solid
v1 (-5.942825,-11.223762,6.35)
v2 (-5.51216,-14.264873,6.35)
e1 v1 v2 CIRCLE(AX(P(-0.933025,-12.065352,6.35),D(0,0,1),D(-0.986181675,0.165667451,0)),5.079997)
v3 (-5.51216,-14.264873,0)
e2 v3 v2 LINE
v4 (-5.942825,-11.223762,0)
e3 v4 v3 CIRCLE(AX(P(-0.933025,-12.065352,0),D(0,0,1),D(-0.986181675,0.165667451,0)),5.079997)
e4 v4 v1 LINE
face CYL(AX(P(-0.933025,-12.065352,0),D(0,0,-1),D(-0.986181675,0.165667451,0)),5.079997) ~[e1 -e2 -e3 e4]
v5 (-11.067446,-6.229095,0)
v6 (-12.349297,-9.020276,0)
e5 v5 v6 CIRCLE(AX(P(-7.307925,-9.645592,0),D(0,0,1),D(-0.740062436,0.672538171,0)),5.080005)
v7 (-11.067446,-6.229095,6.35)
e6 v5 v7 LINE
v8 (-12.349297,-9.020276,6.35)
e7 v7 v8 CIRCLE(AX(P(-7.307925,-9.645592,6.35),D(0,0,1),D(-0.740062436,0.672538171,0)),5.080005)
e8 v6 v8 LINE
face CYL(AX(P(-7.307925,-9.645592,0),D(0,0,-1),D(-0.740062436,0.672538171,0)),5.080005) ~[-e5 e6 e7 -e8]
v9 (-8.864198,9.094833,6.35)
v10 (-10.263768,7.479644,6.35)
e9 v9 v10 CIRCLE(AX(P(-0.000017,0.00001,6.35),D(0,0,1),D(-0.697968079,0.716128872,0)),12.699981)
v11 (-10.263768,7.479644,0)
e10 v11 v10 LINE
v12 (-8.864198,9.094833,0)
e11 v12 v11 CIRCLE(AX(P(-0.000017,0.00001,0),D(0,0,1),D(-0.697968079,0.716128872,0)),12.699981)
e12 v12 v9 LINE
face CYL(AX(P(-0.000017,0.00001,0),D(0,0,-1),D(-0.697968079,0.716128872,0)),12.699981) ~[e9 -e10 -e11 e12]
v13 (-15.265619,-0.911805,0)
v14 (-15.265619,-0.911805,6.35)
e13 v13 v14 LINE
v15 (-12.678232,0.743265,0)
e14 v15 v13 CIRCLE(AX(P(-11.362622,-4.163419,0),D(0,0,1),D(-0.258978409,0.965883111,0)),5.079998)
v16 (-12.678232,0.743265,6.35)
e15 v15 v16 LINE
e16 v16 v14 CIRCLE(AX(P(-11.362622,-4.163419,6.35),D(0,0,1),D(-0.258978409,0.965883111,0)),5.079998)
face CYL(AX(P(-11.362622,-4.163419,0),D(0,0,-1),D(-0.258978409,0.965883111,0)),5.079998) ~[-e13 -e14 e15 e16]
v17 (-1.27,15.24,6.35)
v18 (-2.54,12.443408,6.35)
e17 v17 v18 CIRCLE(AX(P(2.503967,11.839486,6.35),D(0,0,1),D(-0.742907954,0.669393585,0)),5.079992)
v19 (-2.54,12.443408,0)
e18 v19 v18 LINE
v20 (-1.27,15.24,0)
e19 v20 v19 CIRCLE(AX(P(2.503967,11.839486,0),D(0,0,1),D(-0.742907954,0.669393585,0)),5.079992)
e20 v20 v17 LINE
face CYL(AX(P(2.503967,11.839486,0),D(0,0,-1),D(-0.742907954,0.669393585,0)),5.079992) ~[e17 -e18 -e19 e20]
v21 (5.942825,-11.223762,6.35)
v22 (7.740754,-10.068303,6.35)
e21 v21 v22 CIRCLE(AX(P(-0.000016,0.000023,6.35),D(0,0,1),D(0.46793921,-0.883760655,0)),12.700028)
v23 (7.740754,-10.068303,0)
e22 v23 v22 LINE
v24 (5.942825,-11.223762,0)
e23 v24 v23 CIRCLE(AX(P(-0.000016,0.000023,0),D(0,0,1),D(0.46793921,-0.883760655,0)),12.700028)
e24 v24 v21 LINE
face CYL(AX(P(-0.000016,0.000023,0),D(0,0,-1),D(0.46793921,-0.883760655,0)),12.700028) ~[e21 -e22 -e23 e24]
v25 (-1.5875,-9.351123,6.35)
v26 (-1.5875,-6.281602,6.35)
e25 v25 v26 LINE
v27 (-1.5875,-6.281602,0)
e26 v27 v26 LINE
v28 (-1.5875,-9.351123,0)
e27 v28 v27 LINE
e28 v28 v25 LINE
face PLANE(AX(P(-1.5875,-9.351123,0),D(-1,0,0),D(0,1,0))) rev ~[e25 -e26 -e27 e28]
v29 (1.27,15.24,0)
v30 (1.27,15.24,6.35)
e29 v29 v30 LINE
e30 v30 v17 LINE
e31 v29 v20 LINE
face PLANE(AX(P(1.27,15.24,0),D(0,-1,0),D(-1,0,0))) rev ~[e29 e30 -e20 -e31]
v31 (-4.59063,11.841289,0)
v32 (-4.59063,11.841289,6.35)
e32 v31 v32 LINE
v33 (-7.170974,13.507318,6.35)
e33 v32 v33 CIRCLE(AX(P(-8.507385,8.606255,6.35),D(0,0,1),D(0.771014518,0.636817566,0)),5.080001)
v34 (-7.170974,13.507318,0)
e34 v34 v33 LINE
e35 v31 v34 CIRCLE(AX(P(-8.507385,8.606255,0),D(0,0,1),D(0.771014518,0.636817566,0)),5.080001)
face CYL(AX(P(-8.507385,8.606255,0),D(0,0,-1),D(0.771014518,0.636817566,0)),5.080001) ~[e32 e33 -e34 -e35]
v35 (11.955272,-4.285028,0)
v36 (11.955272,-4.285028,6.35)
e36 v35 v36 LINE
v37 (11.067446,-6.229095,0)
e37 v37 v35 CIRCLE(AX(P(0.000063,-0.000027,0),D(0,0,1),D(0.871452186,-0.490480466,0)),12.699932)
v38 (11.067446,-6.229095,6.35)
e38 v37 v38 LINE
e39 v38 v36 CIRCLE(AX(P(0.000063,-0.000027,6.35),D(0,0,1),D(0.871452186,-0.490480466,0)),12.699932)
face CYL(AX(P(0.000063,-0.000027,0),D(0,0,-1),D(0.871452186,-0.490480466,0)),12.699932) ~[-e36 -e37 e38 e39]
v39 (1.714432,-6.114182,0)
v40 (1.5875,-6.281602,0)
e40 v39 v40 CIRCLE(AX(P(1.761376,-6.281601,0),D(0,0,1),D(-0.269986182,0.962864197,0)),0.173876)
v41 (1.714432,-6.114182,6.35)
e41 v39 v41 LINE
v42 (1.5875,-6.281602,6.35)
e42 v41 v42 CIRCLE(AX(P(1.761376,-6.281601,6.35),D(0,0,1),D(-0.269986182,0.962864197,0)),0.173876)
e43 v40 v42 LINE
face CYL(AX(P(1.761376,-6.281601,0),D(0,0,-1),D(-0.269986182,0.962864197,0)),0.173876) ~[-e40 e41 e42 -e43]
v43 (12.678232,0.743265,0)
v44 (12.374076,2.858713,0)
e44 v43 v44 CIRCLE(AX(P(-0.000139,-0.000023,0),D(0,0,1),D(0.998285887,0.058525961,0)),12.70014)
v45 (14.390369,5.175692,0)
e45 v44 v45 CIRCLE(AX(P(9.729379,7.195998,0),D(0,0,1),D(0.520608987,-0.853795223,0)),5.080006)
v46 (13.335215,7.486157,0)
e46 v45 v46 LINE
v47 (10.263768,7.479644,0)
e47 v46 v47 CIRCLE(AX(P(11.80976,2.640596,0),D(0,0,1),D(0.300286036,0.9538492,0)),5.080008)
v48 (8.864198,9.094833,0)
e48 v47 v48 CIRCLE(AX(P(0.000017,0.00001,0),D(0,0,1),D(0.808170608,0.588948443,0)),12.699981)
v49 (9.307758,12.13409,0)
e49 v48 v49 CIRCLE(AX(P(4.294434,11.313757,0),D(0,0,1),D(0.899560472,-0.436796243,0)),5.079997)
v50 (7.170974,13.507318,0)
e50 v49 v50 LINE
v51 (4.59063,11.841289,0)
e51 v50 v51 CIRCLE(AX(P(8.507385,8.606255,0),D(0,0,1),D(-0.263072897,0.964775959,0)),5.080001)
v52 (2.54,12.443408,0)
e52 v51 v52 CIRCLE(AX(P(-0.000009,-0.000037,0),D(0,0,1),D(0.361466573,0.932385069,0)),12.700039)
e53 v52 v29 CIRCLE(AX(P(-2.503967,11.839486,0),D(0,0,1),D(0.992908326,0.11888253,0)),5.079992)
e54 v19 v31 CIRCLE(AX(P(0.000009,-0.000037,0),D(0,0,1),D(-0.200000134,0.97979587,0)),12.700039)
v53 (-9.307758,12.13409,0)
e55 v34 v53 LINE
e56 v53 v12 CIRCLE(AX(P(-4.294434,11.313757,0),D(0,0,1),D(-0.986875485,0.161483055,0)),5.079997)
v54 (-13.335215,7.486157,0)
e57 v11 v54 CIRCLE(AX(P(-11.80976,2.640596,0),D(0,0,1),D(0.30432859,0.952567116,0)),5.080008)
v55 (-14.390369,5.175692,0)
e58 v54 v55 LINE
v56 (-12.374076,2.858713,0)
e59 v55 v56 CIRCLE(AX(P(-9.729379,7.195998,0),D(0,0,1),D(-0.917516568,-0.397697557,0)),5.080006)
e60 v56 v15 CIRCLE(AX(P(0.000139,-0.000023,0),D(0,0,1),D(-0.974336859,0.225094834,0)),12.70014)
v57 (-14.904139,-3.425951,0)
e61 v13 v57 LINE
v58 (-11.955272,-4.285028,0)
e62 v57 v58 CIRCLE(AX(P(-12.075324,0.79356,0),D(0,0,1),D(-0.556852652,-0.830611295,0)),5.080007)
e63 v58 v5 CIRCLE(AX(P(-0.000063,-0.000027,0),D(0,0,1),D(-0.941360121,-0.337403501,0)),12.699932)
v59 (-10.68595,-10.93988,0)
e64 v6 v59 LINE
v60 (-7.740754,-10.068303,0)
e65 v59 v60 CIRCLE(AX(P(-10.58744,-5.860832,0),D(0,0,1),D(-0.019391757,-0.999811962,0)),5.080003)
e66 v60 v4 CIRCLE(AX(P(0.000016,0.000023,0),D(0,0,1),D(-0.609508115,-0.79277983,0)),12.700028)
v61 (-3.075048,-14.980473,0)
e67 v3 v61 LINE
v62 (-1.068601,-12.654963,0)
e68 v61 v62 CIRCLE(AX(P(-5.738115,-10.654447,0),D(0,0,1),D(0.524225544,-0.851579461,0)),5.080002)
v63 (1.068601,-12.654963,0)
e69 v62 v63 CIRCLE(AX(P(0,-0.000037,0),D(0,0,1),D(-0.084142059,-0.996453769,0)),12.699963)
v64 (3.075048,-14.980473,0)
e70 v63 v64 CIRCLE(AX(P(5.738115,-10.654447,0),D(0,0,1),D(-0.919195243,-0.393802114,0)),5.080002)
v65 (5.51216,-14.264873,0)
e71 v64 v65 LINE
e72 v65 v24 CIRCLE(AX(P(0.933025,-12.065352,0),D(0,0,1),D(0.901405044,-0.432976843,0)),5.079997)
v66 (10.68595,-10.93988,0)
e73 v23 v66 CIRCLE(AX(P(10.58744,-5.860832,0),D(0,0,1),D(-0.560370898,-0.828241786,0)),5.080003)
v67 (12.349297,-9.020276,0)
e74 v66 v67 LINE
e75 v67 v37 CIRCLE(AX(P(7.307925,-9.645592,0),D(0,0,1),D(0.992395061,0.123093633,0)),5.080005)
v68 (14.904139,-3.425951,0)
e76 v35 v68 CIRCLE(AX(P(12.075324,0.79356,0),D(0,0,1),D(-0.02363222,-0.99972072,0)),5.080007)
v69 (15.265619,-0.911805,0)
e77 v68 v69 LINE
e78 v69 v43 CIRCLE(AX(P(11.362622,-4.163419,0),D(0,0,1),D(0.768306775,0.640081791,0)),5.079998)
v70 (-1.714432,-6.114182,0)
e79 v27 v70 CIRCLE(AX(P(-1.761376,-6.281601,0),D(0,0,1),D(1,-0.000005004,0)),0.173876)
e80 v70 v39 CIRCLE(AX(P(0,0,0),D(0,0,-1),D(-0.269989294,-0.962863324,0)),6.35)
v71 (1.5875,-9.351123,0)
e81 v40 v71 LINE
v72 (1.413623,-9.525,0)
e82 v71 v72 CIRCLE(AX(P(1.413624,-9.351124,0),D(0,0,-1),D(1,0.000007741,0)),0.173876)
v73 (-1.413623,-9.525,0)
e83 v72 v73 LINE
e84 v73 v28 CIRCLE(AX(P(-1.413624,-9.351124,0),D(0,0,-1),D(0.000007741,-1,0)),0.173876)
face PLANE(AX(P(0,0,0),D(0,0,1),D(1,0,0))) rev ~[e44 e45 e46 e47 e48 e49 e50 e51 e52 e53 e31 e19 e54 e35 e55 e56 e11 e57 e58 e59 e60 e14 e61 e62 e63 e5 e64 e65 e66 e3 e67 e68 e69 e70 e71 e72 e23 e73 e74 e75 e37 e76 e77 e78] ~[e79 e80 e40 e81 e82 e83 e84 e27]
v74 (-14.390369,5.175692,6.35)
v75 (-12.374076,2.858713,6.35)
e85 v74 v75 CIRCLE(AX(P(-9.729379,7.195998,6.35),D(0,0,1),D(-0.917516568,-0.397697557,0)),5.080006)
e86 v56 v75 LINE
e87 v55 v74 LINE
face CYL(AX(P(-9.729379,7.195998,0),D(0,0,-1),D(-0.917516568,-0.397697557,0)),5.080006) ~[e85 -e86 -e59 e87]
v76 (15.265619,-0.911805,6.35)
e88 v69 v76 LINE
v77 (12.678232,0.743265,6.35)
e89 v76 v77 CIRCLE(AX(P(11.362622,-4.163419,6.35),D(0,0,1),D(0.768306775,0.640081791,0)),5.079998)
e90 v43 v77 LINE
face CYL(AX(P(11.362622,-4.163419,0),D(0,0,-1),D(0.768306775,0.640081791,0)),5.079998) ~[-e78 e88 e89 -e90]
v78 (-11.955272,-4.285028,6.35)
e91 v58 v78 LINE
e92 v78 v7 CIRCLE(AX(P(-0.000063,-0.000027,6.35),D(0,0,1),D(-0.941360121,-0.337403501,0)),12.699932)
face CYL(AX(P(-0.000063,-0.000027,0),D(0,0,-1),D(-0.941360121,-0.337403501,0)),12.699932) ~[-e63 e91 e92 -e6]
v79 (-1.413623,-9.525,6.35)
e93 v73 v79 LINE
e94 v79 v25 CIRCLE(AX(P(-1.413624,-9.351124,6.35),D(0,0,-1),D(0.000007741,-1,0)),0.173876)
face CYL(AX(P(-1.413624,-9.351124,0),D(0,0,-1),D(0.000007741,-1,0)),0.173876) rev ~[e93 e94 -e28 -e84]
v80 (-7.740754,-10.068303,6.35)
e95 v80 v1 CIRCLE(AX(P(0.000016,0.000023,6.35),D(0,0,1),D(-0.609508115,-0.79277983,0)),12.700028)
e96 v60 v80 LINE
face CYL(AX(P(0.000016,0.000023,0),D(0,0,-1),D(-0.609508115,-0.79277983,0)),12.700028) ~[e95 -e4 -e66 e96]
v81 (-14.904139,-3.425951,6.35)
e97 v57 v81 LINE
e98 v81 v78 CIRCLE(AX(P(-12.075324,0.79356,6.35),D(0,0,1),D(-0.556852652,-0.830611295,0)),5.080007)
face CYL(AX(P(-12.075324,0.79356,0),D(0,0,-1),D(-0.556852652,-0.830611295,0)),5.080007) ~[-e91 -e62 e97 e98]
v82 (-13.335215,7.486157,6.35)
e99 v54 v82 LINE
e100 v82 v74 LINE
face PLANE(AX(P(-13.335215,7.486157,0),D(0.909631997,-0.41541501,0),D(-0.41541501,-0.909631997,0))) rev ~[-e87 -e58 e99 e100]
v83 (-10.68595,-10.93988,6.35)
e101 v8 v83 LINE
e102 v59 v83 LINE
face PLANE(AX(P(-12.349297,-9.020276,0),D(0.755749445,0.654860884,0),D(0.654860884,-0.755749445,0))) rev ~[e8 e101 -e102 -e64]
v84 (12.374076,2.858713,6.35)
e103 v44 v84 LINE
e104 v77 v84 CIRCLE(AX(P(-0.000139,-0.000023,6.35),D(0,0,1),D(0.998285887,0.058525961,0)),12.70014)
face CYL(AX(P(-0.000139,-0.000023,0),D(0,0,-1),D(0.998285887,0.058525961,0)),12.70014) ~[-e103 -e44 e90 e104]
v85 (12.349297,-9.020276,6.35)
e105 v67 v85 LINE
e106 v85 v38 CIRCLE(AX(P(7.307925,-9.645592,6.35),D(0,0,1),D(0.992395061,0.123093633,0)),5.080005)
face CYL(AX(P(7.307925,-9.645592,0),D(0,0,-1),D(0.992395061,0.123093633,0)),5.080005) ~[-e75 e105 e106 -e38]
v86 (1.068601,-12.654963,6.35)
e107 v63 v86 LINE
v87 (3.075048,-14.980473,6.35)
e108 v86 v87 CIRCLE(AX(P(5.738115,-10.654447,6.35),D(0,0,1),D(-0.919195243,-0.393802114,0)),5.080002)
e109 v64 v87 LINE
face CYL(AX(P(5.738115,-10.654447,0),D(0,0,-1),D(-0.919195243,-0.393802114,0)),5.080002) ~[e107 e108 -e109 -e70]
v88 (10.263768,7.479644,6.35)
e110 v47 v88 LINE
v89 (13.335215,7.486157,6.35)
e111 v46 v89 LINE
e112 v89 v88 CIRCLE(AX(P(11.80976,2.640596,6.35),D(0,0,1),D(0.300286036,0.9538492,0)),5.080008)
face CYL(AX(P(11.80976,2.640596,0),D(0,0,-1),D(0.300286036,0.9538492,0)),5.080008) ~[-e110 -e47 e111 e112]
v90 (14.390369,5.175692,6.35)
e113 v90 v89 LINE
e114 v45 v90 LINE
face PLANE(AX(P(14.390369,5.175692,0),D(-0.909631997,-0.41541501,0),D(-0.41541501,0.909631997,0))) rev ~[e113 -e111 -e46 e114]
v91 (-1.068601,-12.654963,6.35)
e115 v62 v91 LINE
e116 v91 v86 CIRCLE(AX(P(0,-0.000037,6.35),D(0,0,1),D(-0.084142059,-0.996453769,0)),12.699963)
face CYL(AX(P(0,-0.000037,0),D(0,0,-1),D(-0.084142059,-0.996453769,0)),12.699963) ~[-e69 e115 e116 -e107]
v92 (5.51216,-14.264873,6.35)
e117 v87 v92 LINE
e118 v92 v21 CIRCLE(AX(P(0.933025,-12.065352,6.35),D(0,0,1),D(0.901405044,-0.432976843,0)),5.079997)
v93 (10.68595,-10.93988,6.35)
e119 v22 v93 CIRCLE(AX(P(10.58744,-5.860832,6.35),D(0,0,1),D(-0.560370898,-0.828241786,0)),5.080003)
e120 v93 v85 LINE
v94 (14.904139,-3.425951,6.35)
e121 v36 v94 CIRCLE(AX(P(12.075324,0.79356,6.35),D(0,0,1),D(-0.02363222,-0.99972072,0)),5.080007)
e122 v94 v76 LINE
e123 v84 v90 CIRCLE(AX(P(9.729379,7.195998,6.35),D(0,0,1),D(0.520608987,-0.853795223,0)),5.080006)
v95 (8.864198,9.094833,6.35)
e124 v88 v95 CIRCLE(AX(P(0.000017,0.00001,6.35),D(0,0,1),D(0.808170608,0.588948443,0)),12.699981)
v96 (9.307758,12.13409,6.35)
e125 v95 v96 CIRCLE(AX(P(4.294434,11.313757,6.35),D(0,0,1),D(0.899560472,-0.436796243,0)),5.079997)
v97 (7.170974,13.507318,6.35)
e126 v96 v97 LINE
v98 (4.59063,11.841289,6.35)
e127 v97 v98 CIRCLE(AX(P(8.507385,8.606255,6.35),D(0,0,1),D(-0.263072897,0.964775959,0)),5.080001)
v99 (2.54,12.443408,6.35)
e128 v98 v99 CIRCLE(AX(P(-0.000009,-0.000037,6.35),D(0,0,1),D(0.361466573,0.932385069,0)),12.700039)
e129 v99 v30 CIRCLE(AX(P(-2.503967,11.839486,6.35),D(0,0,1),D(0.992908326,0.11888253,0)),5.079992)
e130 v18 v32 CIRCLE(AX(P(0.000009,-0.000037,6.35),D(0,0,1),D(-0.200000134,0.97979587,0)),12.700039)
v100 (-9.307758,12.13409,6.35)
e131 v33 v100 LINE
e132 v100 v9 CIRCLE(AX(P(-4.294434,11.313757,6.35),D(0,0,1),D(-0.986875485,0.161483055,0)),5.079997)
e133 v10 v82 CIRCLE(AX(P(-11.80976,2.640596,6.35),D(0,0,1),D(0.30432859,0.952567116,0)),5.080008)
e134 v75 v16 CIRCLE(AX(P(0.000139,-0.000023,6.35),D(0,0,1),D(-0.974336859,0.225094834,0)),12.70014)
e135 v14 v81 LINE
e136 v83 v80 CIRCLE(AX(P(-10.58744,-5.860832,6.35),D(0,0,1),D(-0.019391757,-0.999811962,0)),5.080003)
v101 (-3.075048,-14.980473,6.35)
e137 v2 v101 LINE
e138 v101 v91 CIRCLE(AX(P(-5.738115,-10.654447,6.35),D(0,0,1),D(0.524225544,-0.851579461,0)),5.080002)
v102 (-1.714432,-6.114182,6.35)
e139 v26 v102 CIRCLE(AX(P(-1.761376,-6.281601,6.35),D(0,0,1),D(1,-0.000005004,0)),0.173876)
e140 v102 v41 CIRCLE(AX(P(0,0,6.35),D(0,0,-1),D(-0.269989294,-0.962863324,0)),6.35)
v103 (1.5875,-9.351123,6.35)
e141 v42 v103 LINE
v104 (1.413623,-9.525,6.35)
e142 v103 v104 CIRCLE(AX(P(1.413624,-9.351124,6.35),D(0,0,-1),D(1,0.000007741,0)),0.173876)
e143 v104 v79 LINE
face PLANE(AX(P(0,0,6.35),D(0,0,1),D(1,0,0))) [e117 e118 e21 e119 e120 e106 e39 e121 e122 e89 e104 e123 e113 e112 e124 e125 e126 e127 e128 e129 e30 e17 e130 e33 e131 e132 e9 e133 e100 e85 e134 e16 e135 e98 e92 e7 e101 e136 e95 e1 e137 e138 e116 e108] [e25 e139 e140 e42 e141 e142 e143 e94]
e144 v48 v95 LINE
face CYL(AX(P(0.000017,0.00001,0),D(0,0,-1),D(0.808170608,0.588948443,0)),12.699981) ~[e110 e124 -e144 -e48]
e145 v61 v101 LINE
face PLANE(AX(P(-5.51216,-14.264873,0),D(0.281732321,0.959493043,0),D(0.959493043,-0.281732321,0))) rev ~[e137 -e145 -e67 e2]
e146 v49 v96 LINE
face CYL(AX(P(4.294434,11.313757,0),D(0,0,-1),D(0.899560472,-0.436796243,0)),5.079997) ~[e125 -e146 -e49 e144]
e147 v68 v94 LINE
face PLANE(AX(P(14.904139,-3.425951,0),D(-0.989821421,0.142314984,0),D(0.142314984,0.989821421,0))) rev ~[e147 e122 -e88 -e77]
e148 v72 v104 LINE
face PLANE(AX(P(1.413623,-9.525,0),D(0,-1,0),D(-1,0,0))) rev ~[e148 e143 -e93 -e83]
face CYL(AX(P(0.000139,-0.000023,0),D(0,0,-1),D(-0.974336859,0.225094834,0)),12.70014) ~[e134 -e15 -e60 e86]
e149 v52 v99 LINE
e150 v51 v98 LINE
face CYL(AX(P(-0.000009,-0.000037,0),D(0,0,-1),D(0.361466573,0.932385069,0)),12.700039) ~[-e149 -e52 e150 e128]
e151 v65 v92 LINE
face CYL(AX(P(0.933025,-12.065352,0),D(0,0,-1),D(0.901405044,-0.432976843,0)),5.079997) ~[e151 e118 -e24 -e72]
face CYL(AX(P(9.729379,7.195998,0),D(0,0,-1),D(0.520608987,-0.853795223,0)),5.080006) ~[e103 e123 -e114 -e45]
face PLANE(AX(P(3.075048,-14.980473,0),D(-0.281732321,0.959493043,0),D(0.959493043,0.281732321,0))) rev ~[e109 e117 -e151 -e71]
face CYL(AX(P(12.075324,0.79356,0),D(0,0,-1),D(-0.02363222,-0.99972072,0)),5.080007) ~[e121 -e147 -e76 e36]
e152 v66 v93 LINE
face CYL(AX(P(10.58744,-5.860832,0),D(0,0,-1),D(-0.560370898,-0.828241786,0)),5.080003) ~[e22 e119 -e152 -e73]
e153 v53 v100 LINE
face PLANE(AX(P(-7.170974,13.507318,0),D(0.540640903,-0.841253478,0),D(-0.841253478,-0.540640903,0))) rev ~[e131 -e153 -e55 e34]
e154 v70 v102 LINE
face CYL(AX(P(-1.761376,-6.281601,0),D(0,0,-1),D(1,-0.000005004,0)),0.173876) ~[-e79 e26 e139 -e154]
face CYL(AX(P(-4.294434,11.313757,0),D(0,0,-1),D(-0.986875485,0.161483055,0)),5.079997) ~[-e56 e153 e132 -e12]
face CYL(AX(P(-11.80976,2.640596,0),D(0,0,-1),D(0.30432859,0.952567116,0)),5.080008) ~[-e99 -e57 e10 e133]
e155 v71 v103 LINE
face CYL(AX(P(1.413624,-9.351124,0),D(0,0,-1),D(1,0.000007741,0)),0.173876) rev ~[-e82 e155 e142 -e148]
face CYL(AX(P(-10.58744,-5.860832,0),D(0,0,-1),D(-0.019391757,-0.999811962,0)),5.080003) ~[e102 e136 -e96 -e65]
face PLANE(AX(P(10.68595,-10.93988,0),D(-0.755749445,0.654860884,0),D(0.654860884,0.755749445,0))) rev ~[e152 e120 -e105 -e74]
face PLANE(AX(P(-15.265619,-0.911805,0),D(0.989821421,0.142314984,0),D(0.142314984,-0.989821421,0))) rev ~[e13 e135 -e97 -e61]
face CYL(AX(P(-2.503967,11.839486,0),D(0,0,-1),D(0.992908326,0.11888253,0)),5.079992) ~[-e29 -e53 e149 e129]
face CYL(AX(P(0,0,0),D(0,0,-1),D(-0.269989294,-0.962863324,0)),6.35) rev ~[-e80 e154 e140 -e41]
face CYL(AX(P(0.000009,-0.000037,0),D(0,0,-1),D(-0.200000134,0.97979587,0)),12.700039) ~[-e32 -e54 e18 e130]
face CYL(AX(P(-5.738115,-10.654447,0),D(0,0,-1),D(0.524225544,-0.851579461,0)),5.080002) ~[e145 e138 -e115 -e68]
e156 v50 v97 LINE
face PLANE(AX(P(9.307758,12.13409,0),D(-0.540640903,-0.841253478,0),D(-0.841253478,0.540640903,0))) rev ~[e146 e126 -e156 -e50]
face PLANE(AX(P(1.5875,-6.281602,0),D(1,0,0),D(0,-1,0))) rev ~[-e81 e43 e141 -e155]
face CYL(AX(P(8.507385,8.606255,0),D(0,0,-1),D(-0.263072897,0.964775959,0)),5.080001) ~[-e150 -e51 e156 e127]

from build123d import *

# Parameters (mm, degrees)
F1_DEPTH = 6.35


with BuildPart() as f1:
    # F0 (on Top) → F1 (new body)
    with BuildSketch(Plane.XY):
        with BuildLine():
            Line((1.27, 15.24), (-1.27, 15.24))
            ThreePointArc((-1.27, 15.24), (-2.121422, 13.939986), (-2.54, 12.443408))
            ThreePointArc((-2.54, 12.443408), (-3.578003, 12.185561), (-4.59063, 11.841289))
            ThreePointArc((-4.59063, 11.841289), (-5.751872, 12.87399), (-7.170974, 13.507318))
            Line((-7.170974, 13.507318), (-9.307758, 12.13409))
            ThreePointArc((-9.307758, 12.13409), (-9.321179, 10.580136), (-8.864198, 9.094833))
            ThreePointArc((-8.864198, 9.094833), (-9.59802, 8.316731), (-10.263768, 7.479644))
            ThreePointArc((-10.263768, 7.479644), (-11.798987, 7.720592), (-13.335215, 7.486157))
            Line((-13.335215, 7.486157), (-14.390369, 5.175692))
            ThreePointArc((-14.390369, 5.175692), (-13.561528, 3.861167), (-12.374076, 2.858713))
            ThreePointArc((-12.374076, 2.858713), (-12.570732, 1.807398), (-12.678232, 0.743265))
            ThreePointArc((-12.678232, 0.743265), (-14.100007, 0.115962), (-15.265619, -0.911805))
            Line((-15.265619, -0.911805), (-14.904139, -3.425951))
            ThreePointArc((-14.904139, -3.425951), (-13.496187, -4.083695), (-11.955272, -4.285028))
            ThreePointArc((-11.955272, -4.285028), (-11.552326, -5.275771), (-11.067446, -6.229095))
            ThreePointArc((-11.067446, -6.229095), (-11.924374, -7.525486), (-12.349297, -9.020276))
            Line((-12.349297, -9.020276), (-10.68595, -10.93988))
            ThreePointArc((-10.68595, -10.93988), (-9.145903, -10.732013), (-7.740754, -10.068303))
            ThreePointArc((-7.740754, -10.068303), (-6.866138, -10.68392), (-5.942825, -11.223762))
            ThreePointArc((-5.942825, -11.223762), (-5.962837, -12.777645), (-5.51216, -14.264873))
            Line((-5.51216, -14.264873), (-3.075048, -14.980473))
            ThreePointArc((-3.075048, -14.980473), (-1.891859, -13.972992), (-1.068601, -12.654963))
            ThreePointArc((-1.068601, -12.654963), (0, -12.7), (1.068601, -12.654963))
            ThreePointArc((1.068601, -12.654963), (1.891859, -13.972992), (3.075048, -14.980473))
            Line((3.075048, -14.980473), (5.51216, -14.264873))
            ThreePointArc((5.51216, -14.264873), (5.962837, -12.777645), (5.942825, -11.223762))
            ThreePointArc((5.942825, -11.223762), (6.866138, -10.68392), (7.740754, -10.068303))
            ThreePointArc((7.740754, -10.068303), (9.145903, -10.732013), (10.68595, -10.93988))
            Line((10.68595, -10.93988), (12.349297, -9.020276))
            ThreePointArc((12.349297, -9.020276), (11.924374, -7.525486), (11.067446, -6.229095))
            ThreePointArc((11.067446, -6.229095), (11.552326, -5.275771), (11.955272, -4.285028))
            ThreePointArc((11.955272, -4.285028), (13.496187, -4.083695), (14.904139, -3.425951))
            Line((14.904139, -3.425951), (15.265619, -0.911805))
            ThreePointArc((15.265619, -0.911805), (14.100007, 0.115962), (12.678232, 0.743265))
            ThreePointArc((12.678232, 0.743265), (12.570732, 1.807398), (12.374076, 2.858713))
            ThreePointArc((12.374076, 2.858713), (13.561528, 3.861167), (14.390369, 5.175692))
            Line((14.390369, 5.175692), (13.335215, 7.486157))
            ThreePointArc((13.335215, 7.486157), (11.798987, 7.720592), (10.263768, 7.479644))
            ThreePointArc((10.263768, 7.479644), (9.59802, 8.316731), (8.864198, 9.094833))
            ThreePointArc((8.864198, 9.094833), (9.321179, 10.580136), (9.307758, 12.13409))
            Line((9.307758, 12.13409), (7.170974, 13.507318))
            ThreePointArc((7.170974, 13.507318), (5.751872, 12.87399), (4.59063, 11.841289))
            ThreePointArc((4.59063, 11.841289), (3.578003, 12.185561), (2.54, 12.443408))
            ThreePointArc((2.54, 12.443408), (2.121422, 13.939986), (1.27, 15.24))
        make_face()
        with BuildLine():
            ThreePointArc((-1.714432, -6.114182), (0, 6.35), (1.714432, -6.114182))
            ThreePointArc((1.714432, -6.114182), (1.62282, -6.176553), (1.5875, -6.281602))
            Line((1.5875, -6.281602), (1.5875, -9.351123))
            ThreePointArc((1.5875, -9.351123), (1.536573, -9.474073), (1.413623, -9.525))
            Line((1.413623, -9.525), (-1.413623, -9.525))
            ThreePointArc((-1.413623, -9.525), (-1.536573, -9.474073), (-1.5875, -9.351123))
            Line((-1.5875, -9.351123), (-1.5875, -6.281602))
            ThreePointArc((-1.5875, -6.281602), (-1.62282, -6.176553), (-1.714432, -6.114182))
        make_face(mode=Mode.SUBTRACT)
    extrude(amount=F1_DEPTH)


solid = f1.part
